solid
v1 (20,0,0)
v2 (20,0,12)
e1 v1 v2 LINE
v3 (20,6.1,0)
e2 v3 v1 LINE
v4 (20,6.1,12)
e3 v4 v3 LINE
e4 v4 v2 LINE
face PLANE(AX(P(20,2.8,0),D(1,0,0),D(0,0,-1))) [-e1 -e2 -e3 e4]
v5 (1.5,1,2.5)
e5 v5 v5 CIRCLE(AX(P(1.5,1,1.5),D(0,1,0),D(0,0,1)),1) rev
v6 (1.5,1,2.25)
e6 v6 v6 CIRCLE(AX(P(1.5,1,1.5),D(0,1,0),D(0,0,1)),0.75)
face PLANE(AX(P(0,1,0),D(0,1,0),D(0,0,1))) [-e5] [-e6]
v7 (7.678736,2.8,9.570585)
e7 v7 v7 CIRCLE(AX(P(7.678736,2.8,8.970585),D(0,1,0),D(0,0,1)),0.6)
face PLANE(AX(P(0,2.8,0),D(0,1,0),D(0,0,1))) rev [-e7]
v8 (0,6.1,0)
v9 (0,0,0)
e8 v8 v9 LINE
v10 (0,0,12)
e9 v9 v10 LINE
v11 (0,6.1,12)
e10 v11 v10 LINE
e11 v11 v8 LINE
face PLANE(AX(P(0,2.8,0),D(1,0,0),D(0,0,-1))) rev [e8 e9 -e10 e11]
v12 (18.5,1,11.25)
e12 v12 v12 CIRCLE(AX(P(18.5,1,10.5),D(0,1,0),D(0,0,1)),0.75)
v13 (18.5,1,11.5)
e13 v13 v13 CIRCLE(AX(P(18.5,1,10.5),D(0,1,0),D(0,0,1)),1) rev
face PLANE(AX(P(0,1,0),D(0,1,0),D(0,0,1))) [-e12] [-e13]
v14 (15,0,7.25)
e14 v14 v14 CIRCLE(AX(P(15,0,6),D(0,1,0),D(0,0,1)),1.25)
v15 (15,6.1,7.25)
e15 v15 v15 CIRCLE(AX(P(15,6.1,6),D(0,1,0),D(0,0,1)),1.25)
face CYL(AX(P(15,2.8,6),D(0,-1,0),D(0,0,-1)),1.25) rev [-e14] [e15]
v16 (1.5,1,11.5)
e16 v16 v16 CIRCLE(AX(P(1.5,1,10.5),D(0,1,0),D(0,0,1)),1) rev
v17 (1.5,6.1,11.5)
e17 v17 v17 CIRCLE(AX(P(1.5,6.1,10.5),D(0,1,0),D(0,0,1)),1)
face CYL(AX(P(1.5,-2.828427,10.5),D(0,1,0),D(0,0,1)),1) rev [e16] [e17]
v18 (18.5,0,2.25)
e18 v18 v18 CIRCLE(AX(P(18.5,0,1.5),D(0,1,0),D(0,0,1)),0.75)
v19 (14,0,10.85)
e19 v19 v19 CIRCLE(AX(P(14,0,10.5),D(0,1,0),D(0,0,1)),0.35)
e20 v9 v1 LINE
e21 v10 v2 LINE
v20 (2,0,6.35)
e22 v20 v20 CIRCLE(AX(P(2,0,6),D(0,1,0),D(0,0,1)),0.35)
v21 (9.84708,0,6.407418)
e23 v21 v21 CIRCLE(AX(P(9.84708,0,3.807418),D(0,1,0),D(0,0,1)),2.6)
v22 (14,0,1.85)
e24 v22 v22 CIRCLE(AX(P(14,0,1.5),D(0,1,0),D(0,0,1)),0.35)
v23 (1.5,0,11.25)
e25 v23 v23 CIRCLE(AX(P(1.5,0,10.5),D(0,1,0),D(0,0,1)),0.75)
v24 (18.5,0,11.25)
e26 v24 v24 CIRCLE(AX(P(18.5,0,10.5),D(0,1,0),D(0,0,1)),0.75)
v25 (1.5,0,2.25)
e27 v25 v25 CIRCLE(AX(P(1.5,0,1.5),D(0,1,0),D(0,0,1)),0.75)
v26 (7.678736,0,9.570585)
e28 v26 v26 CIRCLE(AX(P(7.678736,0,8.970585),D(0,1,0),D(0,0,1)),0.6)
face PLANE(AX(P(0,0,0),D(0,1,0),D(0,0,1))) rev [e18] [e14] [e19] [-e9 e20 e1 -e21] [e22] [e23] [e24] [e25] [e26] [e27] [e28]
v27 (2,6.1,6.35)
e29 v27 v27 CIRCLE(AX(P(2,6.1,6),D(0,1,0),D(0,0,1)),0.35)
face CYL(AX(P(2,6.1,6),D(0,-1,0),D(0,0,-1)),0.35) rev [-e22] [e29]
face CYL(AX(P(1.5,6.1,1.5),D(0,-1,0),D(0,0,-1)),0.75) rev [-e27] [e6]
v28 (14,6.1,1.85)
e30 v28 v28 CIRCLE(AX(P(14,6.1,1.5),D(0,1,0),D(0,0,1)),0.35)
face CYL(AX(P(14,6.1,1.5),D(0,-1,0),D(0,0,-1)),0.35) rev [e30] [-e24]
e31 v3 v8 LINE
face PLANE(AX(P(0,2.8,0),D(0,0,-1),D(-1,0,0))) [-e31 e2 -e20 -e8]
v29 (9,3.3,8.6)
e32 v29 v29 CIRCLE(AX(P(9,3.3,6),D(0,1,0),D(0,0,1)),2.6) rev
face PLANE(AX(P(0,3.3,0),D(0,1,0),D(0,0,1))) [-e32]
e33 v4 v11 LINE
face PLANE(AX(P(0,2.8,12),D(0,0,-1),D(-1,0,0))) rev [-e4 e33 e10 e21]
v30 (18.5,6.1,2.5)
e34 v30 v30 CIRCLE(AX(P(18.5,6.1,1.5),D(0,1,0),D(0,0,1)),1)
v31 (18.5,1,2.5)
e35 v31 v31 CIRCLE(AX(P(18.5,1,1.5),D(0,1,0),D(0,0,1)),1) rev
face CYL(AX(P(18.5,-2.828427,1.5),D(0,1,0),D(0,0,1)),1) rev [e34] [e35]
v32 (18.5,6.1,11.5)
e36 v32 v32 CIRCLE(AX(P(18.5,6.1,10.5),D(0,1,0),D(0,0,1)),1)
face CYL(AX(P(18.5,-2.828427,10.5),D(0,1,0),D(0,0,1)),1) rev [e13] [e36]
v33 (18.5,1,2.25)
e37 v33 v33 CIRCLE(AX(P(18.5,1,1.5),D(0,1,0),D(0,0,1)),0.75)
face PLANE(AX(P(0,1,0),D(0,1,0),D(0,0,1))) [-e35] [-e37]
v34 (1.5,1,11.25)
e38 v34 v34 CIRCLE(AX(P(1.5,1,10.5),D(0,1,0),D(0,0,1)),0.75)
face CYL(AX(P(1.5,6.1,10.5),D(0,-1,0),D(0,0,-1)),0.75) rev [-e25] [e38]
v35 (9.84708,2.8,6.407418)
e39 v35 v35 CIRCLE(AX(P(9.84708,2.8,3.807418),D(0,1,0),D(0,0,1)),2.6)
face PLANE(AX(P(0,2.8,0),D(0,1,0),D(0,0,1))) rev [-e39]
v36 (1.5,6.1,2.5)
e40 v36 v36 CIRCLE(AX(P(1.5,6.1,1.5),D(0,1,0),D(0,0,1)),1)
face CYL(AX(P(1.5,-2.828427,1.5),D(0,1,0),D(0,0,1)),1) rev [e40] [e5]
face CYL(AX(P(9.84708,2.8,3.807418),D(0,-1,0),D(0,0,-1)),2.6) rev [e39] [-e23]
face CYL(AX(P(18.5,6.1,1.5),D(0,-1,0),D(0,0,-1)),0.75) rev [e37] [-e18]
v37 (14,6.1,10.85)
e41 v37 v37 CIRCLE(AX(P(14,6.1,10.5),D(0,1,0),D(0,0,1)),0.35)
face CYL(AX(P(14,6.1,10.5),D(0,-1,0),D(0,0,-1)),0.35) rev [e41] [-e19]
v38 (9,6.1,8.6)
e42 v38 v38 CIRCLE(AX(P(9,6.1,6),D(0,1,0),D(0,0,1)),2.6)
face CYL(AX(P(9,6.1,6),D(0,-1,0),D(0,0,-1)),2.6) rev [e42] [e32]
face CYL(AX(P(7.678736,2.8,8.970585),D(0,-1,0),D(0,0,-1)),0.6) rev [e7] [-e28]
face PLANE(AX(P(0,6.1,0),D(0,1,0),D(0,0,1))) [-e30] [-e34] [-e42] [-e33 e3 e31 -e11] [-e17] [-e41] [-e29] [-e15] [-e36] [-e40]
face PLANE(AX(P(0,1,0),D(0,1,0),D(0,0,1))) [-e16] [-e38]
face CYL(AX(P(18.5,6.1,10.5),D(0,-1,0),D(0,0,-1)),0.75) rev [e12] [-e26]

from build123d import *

# Parameters (mm, degrees)
SKETCH_1_W          = 20
SKETCH_1_H          = 12
SKETCH_1_R          = 1.25
SKETCH_1_R_2        = 0.6
SKETCH_1_R_3        = 2.6
EXTRUDE_1_DEPTH     = 2.8
EXTRUDE_START       = 2.8
SKETCH_1_9_W        = 20
SKETCH_1_9_H        = 12
SKETCH_1_9_R        = 1.25
EXTRUDE_2_DEPTH     = 0.5
EXTRUDE_START_2     = 3.3
SKETCH_1_10_W       = 20
SKETCH_1_10_H       = 12
SKETCH_1_10_R       = 1.25
SKETCH_1_10_R_2     = 2.6
EXTRUDE_3_DEPTH     = 2.8
SKETCH_3_R          = 0.75
SKETCH_3_R_2        = 0.35
CUT_EXTRUDE_3_DEPTH = 25.108297327
CUT_EXTRUDE_START   = 6.1
SKETCH_3_4_R        = 1
CUT_EXTRUDE_5_DEPTH = 5.1


with BuildPart() as part:
    # 草图1 → 凸台-拉伸1 (new body)
    with BuildSketch(Plane(origin=(0, 0, 0), x_dir=(1, 0, 0), z_dir=(0, 1, 0))):
        with Locations((10, -6)):
            Rectangle(SKETCH_1_W, SKETCH_1_H)
        with Locations(Location((15, -6, 0), (0, 0, 270))):
            Circle(SKETCH_1_R, mode=Mode.SUBTRACT)
        with Locations(Location((7.678736094, -8.970584613, 0), (0, 0, 270))):
            Circle(SKETCH_1_R_2, mode=Mode.SUBTRACT)
        with Locations(Location((9.847079862, -3.807418404, 0), (0, 0, 270))):
            Circle(SKETCH_1_R_3, mode=Mode.SUBTRACT)
    extrude(amount=EXTRUDE_1_DEPTH)

    # 草图1<9> → 凸台-拉伸2 (add)
    with BuildSketch(Plane(origin=(0, 0, 0), x_dir=(1, 0, 0), z_dir=(0, 1, 0)).offset(EXTRUDE_START)):
        with Locations((10, -6)):
            Rectangle(SKETCH_1_9_W, SKETCH_1_9_H)
        with Locations(Location((15, -6, 0), (0, 0, 270))):
            Circle(SKETCH_1_9_R, mode=Mode.SUBTRACT)
    extrude(amount=EXTRUDE_2_DEPTH)

    # 草图1<10> → 凸台-拉伸3 (add)
    with BuildSketch(Plane(origin=(0, 0, 0), x_dir=(1, 0, 0), z_dir=(0, 1, 0)).offset(EXTRUDE_START_2)):
        with Locations((10, -6)):
            Rectangle(SKETCH_1_10_W, SKETCH_1_10_H)
        with Locations(Location((15, -6, 0), (0, 0, 270))):
            Circle(SKETCH_1_10_R, mode=Mode.SUBTRACT)
        with Locations(Location((9, -6, 0), (0, 0, 270))):
            Circle(SKETCH_1_10_R_2, mode=Mode.SUBTRACT)
    extrude(amount=EXTRUDE_3_DEPTH)

    # 草图3 → 切除-拉伸3 (cut, through all)
    with BuildSketch(Plane(origin=(0, 0, 0), x_dir=(1, 0, 0), z_dir=(0, 1, 0))):
        with Locations(Location((1.5, -1.5, 0), (0, 0, 270))):
            Circle(SKETCH_3_R)
        with Locations(Location((1.5, -10.5, 0), (0, 0, 270))):
            Circle(SKETCH_3_R)
        with Locations(Location((18.5, -10.5, 0), (0, 0, 270))):
            Circle(SKETCH_3_R)
        with Locations(Location((18.5, -1.5, 0), (0, 0, 270))):
            Circle(SKETCH_3_R)
        with Locations(Location((2, -6, 0), (0, 0, 270))):
            Circle(SKETCH_3_R_2)
        with Locations(Location((14, -1.5, 0), (0, 0, 270))):
            Circle(SKETCH_3_R_2)
        with Locations(Location((14, -10.5, 0), (0, 0, 270))):
            Circle(SKETCH_3_R_2)
    extrude(amount=CUT_EXTRUDE_3_DEPTH, mode=Mode.SUBTRACT)

    # 草图3<4> → 切除-拉伸5 (cut)
    with BuildSketch(Plane(origin=(0, 0, 0), x_dir=(1, 0, 0), z_dir=(0, 1, 0)).offset(CUT_EXTRUDE_START)):
        with Locations(Location((1.5, -1.5, 0), (0, 0, 270))):
            Circle(SKETCH_3_4_R)
        with Locations(Location((1.5, -10.5, 0), (0, 0, 270))):
            Circle(SKETCH_3_4_R)
        with Locations(Location((18.5, -1.5, 0), (0, 0, 270))):
            Circle(SKETCH_3_4_R)
        with Locations(Location((18.5, -10.5, 0), (0, 0, 270))):
            Circle(SKETCH_3_4_R)
    extrude(amount=-CUT_EXTRUDE_5_DEPTH, mode=Mode.SUBTRACT)


solid = part.part
